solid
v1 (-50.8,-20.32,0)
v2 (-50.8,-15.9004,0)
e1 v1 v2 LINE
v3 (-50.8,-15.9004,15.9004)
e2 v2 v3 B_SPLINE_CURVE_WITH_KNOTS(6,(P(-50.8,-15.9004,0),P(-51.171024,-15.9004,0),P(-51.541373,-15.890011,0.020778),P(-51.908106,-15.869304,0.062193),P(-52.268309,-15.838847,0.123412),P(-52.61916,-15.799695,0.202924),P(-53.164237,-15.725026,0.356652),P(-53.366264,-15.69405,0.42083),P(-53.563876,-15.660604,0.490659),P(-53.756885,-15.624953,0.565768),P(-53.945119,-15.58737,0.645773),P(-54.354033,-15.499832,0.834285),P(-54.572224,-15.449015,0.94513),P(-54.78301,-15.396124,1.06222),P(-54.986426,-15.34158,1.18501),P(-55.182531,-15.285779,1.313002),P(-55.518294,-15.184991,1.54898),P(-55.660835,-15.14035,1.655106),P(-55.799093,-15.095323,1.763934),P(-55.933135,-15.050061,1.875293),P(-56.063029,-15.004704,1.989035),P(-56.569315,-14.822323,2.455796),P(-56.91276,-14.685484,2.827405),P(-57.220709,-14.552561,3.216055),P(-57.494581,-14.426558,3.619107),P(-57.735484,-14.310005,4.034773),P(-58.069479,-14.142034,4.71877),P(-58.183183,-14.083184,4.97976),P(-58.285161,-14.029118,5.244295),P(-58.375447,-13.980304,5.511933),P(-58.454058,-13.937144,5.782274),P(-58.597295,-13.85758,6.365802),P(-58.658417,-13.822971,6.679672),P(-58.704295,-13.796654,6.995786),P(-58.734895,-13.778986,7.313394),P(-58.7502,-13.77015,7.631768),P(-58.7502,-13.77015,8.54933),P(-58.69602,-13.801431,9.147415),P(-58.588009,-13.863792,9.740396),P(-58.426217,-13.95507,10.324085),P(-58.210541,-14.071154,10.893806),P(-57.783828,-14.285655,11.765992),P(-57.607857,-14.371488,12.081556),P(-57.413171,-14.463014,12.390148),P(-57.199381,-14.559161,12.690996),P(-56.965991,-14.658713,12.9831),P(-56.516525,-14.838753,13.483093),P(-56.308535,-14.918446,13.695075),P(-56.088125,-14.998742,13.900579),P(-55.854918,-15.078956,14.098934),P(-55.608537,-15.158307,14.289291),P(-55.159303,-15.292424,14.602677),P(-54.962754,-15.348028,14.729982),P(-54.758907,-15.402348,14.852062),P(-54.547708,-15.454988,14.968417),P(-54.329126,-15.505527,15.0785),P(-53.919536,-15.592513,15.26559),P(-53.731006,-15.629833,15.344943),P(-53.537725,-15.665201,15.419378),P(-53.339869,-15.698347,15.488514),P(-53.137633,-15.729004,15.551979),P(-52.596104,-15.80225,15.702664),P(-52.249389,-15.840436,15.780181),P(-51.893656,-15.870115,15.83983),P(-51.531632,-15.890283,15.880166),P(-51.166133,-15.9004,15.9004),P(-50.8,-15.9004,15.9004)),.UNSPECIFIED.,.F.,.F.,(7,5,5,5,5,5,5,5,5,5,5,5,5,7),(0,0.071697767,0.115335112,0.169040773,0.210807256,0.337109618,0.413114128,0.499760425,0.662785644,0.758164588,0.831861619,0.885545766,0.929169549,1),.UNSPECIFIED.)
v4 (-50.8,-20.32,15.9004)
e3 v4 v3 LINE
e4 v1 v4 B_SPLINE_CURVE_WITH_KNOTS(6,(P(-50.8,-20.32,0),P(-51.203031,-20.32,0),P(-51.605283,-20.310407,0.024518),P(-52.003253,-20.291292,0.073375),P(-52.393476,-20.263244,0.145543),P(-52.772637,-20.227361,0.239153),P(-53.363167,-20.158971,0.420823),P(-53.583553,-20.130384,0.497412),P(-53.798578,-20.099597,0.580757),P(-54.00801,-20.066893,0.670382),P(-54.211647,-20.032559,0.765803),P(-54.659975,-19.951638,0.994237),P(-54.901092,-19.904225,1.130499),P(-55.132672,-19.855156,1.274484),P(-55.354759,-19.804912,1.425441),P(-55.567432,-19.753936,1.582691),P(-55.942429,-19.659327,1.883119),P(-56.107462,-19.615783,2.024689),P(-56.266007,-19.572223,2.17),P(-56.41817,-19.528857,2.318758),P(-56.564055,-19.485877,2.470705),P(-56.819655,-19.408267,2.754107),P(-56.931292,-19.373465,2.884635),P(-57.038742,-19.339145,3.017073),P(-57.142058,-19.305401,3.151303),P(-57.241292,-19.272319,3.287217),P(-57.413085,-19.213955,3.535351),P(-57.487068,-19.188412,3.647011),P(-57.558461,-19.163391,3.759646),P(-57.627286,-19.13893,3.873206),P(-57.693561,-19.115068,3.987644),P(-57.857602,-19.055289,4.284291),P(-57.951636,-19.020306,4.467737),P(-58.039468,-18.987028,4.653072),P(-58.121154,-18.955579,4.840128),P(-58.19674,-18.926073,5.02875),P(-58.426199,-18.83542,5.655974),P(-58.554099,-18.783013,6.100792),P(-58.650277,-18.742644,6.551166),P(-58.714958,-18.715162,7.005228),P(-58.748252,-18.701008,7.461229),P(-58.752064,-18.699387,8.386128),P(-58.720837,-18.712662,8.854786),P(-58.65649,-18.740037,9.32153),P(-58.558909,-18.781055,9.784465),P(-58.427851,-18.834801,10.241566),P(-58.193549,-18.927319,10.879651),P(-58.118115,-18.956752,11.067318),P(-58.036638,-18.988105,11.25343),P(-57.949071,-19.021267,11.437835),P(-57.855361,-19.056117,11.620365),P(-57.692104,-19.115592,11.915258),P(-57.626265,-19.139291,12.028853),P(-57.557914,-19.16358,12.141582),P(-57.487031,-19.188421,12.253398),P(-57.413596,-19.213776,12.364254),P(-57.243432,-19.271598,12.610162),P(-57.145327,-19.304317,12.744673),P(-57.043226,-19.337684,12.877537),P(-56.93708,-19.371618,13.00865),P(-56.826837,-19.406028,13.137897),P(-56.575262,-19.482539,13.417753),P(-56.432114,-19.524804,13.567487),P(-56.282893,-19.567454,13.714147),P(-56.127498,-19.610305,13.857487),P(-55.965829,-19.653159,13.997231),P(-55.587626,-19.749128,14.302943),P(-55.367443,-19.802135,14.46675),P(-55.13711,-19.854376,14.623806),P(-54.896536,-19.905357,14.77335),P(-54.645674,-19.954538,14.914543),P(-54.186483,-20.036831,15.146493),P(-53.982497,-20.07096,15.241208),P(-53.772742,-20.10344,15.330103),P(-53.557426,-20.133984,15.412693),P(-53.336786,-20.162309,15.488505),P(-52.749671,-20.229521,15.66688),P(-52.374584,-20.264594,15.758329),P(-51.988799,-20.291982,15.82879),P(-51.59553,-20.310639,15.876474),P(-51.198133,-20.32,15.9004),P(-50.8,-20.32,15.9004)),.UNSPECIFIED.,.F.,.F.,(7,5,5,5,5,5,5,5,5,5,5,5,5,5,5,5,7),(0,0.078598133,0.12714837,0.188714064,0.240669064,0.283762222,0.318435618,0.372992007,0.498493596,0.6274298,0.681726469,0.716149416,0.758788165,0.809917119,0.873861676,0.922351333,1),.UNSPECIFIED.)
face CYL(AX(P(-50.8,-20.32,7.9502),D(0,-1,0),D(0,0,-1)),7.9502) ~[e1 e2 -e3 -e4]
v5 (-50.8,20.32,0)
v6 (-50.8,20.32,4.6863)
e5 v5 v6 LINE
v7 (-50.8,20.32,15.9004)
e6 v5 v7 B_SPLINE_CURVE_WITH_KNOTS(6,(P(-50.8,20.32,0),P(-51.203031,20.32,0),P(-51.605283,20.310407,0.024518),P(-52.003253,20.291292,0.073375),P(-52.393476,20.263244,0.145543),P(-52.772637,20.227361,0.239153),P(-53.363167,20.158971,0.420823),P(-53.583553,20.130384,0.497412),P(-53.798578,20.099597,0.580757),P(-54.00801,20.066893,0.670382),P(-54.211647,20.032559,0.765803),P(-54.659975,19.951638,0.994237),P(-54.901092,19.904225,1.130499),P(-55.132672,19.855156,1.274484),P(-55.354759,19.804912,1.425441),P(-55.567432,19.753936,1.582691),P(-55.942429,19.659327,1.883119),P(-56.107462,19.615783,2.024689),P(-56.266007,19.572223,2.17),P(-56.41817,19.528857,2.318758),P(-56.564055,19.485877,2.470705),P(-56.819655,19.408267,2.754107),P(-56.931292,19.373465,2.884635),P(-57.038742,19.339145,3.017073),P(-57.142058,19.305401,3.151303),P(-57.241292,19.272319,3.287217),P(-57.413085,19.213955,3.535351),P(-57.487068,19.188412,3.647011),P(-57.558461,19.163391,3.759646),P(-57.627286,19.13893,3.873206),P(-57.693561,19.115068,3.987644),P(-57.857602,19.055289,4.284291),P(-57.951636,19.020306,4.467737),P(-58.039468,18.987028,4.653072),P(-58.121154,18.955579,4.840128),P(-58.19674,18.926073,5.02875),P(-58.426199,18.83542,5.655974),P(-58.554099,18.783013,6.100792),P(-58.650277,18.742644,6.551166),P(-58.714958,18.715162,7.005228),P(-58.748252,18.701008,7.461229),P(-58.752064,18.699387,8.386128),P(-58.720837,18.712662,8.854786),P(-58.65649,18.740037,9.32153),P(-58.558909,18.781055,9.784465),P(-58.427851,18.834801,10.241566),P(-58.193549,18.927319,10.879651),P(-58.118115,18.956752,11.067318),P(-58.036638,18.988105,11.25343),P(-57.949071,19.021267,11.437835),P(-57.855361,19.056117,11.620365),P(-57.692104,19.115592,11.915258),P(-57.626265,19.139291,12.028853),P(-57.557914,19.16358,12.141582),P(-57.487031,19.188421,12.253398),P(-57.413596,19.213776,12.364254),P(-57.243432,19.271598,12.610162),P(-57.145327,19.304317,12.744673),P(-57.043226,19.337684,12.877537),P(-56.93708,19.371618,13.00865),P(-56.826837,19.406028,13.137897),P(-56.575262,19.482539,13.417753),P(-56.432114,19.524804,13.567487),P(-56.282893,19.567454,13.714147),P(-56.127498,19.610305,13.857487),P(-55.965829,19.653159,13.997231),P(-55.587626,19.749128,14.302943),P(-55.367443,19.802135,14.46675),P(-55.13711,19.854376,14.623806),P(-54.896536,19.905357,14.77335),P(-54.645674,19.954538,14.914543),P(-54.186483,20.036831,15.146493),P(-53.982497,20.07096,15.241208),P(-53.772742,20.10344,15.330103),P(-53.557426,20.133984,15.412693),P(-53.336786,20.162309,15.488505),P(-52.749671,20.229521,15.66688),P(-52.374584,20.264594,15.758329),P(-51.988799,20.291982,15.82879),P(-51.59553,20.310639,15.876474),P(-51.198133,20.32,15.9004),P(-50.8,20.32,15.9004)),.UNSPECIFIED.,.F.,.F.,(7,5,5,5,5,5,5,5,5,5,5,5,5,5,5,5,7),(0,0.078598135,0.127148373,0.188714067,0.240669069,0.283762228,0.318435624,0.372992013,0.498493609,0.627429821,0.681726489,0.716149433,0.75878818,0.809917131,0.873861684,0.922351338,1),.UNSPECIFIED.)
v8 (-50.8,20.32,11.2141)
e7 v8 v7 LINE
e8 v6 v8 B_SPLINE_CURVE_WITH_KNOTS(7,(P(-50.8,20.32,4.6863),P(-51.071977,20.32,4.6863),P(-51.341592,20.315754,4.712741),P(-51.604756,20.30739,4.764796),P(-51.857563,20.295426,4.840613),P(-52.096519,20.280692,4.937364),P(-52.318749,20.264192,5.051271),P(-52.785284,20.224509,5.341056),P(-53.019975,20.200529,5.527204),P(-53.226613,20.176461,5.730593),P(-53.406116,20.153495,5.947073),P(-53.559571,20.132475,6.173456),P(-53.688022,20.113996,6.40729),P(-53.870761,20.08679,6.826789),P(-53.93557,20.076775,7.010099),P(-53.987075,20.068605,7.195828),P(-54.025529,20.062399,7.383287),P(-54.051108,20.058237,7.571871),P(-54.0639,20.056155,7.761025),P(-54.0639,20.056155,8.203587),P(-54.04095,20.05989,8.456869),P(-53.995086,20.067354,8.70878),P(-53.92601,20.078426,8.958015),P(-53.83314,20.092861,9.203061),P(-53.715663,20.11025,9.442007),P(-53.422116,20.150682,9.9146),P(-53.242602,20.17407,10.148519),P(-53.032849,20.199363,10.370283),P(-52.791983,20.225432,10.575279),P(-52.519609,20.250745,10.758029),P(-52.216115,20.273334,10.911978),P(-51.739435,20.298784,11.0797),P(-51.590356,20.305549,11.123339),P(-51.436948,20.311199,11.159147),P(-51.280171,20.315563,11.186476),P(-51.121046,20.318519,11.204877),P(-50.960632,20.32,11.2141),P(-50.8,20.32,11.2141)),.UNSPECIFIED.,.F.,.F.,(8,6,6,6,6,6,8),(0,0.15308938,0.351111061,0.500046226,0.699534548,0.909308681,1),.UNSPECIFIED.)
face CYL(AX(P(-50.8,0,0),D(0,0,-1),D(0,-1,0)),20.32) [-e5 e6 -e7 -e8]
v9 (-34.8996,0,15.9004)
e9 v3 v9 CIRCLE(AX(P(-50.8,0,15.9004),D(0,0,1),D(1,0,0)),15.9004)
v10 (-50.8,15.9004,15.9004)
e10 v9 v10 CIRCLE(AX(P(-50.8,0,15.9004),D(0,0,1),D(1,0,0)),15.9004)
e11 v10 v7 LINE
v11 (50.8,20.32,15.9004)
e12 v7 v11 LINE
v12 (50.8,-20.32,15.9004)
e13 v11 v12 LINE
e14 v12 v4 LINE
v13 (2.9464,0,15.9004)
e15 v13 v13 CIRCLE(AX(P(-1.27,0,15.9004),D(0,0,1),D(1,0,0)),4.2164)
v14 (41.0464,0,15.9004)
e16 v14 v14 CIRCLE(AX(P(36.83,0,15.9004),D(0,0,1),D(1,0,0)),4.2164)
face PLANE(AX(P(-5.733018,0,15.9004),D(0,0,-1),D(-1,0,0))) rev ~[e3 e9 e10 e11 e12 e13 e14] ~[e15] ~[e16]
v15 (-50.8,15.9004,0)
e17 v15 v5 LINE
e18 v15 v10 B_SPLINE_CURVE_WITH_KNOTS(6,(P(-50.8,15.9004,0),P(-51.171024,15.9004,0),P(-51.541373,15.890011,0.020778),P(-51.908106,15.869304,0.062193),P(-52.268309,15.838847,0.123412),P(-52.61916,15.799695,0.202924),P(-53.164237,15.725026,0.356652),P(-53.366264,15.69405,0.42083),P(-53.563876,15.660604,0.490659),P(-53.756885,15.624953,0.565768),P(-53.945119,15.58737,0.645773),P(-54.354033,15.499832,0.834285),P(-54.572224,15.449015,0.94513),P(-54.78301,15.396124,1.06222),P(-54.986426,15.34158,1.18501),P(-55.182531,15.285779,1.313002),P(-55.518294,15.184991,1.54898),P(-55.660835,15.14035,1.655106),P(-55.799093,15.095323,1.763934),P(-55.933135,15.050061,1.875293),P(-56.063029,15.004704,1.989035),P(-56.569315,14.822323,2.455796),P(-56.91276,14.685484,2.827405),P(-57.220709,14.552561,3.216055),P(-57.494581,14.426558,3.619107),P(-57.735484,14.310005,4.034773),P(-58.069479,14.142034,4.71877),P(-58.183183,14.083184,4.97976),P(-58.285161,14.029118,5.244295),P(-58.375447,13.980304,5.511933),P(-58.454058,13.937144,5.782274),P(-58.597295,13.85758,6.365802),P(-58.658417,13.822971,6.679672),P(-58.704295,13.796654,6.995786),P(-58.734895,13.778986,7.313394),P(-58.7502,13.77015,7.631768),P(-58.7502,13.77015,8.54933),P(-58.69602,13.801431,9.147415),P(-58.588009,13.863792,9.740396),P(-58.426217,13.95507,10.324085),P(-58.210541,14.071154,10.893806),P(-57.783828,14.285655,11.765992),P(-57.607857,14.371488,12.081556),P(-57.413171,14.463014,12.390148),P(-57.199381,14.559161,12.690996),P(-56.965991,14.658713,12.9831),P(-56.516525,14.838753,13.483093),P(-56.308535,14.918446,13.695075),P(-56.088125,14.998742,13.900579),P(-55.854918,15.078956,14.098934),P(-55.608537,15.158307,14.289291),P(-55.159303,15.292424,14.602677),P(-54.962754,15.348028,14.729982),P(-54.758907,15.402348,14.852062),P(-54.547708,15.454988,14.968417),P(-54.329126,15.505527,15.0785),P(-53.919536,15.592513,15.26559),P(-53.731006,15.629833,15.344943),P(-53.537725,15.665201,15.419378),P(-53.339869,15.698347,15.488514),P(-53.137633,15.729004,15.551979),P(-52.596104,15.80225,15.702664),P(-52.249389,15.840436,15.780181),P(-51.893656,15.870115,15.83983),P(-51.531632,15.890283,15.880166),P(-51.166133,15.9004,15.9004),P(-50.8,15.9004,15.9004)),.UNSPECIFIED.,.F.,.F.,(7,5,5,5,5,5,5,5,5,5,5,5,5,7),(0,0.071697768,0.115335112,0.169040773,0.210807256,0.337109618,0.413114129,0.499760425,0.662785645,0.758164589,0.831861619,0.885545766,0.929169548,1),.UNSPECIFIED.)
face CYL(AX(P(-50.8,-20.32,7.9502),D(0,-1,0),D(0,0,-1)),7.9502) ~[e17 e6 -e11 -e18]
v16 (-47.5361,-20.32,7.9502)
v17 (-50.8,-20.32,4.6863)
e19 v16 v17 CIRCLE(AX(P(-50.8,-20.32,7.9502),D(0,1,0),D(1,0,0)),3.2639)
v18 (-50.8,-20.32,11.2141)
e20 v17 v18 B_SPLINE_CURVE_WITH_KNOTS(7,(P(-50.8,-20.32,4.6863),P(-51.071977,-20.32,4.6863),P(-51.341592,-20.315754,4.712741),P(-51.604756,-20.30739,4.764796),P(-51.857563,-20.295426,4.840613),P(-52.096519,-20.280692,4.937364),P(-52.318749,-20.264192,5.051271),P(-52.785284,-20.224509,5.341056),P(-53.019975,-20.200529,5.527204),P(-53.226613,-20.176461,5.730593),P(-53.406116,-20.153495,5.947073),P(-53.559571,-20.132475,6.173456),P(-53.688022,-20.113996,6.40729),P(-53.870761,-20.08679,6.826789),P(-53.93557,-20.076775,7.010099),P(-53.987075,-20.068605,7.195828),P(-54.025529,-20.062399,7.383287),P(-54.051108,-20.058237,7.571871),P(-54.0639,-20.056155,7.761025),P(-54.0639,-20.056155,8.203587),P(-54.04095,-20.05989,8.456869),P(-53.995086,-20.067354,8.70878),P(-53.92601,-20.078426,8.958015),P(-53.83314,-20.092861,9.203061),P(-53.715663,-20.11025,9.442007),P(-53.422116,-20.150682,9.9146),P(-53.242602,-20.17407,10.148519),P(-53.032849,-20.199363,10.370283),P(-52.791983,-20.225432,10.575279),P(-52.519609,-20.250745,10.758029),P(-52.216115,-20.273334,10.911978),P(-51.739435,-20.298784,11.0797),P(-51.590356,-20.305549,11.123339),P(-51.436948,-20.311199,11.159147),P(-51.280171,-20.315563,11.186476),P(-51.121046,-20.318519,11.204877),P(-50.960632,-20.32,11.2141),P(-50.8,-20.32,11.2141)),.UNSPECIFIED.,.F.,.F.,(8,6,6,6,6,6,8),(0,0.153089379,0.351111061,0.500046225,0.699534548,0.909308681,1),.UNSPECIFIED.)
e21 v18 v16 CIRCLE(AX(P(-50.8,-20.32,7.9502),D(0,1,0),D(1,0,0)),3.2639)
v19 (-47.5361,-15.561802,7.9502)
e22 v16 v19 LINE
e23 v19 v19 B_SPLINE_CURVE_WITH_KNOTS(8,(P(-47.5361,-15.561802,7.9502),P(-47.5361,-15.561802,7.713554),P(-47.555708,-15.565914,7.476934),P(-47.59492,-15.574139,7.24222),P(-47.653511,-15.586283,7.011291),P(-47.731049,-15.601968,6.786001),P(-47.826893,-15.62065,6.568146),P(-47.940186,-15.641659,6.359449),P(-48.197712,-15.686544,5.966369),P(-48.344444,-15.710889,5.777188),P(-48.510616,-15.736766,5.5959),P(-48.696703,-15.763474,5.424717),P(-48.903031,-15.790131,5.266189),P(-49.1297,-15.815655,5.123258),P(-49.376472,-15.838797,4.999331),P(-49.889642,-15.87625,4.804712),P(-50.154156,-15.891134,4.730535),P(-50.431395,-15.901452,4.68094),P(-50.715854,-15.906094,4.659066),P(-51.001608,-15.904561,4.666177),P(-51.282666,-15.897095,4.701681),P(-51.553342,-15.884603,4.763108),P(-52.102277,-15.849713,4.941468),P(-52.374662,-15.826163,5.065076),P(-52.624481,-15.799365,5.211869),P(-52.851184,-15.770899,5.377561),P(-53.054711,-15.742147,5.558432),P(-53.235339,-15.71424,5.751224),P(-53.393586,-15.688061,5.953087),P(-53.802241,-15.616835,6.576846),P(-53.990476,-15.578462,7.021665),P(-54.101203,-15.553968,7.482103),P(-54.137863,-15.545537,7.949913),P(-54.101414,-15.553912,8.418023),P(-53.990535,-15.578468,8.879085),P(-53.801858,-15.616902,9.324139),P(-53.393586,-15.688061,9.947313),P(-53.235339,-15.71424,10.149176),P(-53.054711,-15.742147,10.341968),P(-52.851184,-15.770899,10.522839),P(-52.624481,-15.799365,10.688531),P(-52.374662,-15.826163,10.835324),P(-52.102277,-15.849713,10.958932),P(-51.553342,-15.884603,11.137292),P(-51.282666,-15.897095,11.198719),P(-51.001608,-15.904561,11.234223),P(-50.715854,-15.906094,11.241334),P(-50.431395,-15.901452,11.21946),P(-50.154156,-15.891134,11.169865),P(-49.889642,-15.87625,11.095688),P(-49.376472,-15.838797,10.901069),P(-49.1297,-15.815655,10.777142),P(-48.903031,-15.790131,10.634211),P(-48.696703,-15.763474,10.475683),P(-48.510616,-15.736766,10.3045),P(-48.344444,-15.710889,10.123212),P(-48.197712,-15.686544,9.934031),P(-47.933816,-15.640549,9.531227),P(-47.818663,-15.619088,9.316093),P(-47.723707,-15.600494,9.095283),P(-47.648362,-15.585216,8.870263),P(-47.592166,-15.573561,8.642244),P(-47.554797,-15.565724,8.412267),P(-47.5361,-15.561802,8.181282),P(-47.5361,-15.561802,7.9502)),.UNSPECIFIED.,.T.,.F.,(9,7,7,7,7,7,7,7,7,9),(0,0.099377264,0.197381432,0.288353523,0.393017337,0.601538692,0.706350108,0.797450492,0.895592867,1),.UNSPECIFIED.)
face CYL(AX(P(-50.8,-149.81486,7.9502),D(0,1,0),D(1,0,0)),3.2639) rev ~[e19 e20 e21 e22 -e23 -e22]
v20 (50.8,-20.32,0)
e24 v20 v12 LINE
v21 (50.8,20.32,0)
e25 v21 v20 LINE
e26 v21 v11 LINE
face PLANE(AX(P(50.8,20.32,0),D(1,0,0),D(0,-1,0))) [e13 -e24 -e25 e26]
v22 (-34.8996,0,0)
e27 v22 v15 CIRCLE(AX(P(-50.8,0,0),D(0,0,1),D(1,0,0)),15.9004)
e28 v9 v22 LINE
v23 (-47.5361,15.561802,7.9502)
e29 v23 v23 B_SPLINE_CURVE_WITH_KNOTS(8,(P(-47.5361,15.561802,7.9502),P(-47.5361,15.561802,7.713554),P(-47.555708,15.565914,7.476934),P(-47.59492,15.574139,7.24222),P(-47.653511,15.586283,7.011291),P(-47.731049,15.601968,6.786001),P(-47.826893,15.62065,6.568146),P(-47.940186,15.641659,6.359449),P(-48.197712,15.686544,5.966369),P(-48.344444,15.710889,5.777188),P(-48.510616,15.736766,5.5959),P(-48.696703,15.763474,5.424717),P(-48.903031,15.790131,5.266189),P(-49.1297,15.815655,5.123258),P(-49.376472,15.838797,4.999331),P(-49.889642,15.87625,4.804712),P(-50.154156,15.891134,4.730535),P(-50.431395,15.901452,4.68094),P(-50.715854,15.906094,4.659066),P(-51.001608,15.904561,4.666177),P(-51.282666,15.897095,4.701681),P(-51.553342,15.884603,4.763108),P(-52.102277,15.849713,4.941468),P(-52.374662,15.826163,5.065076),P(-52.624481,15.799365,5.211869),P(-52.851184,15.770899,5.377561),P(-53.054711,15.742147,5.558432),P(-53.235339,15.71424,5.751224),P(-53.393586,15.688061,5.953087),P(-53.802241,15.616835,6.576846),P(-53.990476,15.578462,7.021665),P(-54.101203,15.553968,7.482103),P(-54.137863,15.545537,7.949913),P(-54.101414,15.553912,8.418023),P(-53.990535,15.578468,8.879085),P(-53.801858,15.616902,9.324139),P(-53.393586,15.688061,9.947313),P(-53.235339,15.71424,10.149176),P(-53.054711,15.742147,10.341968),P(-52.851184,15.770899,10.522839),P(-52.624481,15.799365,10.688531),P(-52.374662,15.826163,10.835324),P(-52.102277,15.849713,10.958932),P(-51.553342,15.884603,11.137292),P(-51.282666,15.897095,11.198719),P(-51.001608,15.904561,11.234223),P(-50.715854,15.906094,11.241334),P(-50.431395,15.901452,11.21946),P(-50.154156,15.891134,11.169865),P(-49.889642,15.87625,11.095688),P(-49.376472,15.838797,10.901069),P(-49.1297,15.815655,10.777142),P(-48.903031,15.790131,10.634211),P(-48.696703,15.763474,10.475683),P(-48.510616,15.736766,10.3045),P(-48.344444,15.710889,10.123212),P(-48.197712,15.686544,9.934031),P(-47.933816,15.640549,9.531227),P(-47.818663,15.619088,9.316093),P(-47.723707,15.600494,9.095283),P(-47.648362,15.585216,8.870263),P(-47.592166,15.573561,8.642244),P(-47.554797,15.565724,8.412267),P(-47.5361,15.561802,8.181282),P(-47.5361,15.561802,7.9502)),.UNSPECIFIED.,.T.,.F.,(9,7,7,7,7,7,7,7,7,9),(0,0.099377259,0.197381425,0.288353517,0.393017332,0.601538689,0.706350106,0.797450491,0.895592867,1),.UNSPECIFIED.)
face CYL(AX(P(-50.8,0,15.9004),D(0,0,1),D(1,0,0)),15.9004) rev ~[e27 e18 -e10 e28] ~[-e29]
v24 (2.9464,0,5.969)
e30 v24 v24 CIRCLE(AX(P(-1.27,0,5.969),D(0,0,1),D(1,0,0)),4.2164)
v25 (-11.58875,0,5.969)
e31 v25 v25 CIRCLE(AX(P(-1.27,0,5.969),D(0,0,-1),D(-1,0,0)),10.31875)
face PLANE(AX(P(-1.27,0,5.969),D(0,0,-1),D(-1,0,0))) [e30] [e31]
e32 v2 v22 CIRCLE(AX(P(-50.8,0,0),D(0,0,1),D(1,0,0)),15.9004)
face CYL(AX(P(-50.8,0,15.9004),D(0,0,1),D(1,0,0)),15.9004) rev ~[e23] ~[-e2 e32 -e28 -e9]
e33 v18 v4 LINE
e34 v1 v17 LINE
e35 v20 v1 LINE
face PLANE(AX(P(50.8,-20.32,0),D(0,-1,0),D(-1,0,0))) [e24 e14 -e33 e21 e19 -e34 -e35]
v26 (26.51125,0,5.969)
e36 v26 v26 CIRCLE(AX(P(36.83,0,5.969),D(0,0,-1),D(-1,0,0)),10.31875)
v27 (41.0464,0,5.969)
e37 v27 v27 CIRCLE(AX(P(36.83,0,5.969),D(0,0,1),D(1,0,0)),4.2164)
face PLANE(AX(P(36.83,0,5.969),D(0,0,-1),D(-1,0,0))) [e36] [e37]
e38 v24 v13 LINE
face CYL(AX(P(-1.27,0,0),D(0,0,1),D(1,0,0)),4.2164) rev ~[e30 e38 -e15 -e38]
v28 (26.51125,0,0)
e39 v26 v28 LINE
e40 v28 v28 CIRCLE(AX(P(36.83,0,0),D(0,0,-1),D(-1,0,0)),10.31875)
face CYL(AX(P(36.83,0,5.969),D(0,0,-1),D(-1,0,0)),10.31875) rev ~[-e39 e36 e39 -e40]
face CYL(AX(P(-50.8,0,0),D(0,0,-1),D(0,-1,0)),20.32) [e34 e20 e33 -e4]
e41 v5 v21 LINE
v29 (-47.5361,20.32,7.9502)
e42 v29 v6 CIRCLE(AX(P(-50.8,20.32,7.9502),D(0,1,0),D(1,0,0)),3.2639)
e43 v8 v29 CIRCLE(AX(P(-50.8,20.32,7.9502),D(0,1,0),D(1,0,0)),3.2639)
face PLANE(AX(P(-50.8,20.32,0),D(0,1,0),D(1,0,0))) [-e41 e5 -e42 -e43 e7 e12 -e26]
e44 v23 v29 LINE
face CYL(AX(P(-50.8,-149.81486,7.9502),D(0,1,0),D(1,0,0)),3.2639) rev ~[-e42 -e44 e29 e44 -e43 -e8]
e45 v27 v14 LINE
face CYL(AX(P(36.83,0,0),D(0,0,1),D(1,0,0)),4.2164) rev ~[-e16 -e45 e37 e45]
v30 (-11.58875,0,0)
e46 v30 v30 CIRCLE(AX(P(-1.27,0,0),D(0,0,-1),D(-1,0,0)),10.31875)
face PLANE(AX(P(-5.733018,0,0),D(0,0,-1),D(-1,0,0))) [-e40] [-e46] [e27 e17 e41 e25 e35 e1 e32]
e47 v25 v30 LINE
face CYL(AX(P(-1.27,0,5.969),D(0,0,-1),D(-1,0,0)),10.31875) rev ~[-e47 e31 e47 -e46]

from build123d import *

# Parameters (mm, degrees)
BOSS_EXTRUDE1_DEPTH                       = 15.9004
SKETCH2_R                                 = 15.9004
CUT_EXTRUDE1_DEPTH                        = 2.54
CUT_EXTRUDE1_DEPTH_BACK                   = 18.796
CBORE_FOR_5_16_HEX_HEAD_BOLT1_D           = 8.4328
CBORE_FOR_5_16_HEX_HEAD_BOLT1_CBORE_D     = 20.6375
CBORE_FOR_5_16_HEX_HEAD_BOLT1_CBORE_DEPTH = 5.969
F_5_16_18_TAPPED_HOLE1_D                  = 6.5278
CUT_EXTRUDE2_DEPTH                        = 40.894


with BuildPart() as part:
    # Sketch1 → Boss-Extrude1 (new body)
    with BuildSketch(Plane.XY):
        with BuildLine():
            Line((50.8, -20.32), (-50.8, -20.32))
            ThreePointArc((-50.8, -20.32), (-71.12, 0), (-50.8, 20.32))
            Line((-50.8, 20.32), (50.8, 20.32))
            Line((50.8, 20.32), (50.8, -20.32))
        make_face()
    extrude(amount=BOSS_EXTRUDE1_DEPTH)

    # Sketch2 → Cut-Extrude1 (cut, two sides)
    with BuildSketch(Plane(origin=(2.48157472, 0, 15.9004), x_dir=(1, 0, 0), z_dir=(0, 0, 1))) as cut_extrude1_sk:
        with Locations((-53.28157472, 0)):
            Circle(SKETCH2_R)
    extrude(amount=CUT_EXTRUDE1_DEPTH, mode=Mode.SUBTRACT)
    extrude(cut_extrude1_sk.sketch, amount=-CUT_EXTRUDE1_DEPTH_BACK, mode=Mode.SUBTRACT)

    # CBORE for 5/16 Hex Head Bolt1 (through all)
    with Locations(Plane(origin=(0, 0, 0), x_dir=(-1, 0, 0), z_dir=(0, 0, -1))):
        with Locations((-36.83, 0), (1.27, 0)):
            CounterBoreHole(CBORE_FOR_5_16_HEX_HEAD_BOLT1_D / 2, CBORE_FOR_5_16_HEX_HEAD_BOLT1_CBORE_D / 2, CBORE_FOR_5_16_HEX_HEAD_BOLT1_CBORE_DEPTH)

    # 5/16-18 Tapped Hole1 (through all)
    with Locations(Plane(origin=(0, -20.32, 0), x_dir=(-1, 0, 0), z_dir=(0, -1, 0))):
        with Locations((50.8, -7.9502)):
            Hole(F_5_16_18_TAPPED_HOLE1_D / 2)

    # Sketch10 → Cut-Extrude2 (cut)
    with BuildSketch(Plane.XZ.offset(20.32)):
        with BuildLine():
            Line((-50.8, 15.9004), (-71.468119006, 15.9004))
            Line((-71.468119006, 15.9004), (-71.468119006, 0))
            Line((-71.468119006, 0), (-50.8, 0))
            ThreePointArc((-50.8, 0), (-58.7502, 7.9502), (-50.8, 15.9004))
        make_face()
    extrude(amount=-CUT_EXTRUDE2_DEPTH, mode=Mode.SUBTRACT)


solid = part.part
